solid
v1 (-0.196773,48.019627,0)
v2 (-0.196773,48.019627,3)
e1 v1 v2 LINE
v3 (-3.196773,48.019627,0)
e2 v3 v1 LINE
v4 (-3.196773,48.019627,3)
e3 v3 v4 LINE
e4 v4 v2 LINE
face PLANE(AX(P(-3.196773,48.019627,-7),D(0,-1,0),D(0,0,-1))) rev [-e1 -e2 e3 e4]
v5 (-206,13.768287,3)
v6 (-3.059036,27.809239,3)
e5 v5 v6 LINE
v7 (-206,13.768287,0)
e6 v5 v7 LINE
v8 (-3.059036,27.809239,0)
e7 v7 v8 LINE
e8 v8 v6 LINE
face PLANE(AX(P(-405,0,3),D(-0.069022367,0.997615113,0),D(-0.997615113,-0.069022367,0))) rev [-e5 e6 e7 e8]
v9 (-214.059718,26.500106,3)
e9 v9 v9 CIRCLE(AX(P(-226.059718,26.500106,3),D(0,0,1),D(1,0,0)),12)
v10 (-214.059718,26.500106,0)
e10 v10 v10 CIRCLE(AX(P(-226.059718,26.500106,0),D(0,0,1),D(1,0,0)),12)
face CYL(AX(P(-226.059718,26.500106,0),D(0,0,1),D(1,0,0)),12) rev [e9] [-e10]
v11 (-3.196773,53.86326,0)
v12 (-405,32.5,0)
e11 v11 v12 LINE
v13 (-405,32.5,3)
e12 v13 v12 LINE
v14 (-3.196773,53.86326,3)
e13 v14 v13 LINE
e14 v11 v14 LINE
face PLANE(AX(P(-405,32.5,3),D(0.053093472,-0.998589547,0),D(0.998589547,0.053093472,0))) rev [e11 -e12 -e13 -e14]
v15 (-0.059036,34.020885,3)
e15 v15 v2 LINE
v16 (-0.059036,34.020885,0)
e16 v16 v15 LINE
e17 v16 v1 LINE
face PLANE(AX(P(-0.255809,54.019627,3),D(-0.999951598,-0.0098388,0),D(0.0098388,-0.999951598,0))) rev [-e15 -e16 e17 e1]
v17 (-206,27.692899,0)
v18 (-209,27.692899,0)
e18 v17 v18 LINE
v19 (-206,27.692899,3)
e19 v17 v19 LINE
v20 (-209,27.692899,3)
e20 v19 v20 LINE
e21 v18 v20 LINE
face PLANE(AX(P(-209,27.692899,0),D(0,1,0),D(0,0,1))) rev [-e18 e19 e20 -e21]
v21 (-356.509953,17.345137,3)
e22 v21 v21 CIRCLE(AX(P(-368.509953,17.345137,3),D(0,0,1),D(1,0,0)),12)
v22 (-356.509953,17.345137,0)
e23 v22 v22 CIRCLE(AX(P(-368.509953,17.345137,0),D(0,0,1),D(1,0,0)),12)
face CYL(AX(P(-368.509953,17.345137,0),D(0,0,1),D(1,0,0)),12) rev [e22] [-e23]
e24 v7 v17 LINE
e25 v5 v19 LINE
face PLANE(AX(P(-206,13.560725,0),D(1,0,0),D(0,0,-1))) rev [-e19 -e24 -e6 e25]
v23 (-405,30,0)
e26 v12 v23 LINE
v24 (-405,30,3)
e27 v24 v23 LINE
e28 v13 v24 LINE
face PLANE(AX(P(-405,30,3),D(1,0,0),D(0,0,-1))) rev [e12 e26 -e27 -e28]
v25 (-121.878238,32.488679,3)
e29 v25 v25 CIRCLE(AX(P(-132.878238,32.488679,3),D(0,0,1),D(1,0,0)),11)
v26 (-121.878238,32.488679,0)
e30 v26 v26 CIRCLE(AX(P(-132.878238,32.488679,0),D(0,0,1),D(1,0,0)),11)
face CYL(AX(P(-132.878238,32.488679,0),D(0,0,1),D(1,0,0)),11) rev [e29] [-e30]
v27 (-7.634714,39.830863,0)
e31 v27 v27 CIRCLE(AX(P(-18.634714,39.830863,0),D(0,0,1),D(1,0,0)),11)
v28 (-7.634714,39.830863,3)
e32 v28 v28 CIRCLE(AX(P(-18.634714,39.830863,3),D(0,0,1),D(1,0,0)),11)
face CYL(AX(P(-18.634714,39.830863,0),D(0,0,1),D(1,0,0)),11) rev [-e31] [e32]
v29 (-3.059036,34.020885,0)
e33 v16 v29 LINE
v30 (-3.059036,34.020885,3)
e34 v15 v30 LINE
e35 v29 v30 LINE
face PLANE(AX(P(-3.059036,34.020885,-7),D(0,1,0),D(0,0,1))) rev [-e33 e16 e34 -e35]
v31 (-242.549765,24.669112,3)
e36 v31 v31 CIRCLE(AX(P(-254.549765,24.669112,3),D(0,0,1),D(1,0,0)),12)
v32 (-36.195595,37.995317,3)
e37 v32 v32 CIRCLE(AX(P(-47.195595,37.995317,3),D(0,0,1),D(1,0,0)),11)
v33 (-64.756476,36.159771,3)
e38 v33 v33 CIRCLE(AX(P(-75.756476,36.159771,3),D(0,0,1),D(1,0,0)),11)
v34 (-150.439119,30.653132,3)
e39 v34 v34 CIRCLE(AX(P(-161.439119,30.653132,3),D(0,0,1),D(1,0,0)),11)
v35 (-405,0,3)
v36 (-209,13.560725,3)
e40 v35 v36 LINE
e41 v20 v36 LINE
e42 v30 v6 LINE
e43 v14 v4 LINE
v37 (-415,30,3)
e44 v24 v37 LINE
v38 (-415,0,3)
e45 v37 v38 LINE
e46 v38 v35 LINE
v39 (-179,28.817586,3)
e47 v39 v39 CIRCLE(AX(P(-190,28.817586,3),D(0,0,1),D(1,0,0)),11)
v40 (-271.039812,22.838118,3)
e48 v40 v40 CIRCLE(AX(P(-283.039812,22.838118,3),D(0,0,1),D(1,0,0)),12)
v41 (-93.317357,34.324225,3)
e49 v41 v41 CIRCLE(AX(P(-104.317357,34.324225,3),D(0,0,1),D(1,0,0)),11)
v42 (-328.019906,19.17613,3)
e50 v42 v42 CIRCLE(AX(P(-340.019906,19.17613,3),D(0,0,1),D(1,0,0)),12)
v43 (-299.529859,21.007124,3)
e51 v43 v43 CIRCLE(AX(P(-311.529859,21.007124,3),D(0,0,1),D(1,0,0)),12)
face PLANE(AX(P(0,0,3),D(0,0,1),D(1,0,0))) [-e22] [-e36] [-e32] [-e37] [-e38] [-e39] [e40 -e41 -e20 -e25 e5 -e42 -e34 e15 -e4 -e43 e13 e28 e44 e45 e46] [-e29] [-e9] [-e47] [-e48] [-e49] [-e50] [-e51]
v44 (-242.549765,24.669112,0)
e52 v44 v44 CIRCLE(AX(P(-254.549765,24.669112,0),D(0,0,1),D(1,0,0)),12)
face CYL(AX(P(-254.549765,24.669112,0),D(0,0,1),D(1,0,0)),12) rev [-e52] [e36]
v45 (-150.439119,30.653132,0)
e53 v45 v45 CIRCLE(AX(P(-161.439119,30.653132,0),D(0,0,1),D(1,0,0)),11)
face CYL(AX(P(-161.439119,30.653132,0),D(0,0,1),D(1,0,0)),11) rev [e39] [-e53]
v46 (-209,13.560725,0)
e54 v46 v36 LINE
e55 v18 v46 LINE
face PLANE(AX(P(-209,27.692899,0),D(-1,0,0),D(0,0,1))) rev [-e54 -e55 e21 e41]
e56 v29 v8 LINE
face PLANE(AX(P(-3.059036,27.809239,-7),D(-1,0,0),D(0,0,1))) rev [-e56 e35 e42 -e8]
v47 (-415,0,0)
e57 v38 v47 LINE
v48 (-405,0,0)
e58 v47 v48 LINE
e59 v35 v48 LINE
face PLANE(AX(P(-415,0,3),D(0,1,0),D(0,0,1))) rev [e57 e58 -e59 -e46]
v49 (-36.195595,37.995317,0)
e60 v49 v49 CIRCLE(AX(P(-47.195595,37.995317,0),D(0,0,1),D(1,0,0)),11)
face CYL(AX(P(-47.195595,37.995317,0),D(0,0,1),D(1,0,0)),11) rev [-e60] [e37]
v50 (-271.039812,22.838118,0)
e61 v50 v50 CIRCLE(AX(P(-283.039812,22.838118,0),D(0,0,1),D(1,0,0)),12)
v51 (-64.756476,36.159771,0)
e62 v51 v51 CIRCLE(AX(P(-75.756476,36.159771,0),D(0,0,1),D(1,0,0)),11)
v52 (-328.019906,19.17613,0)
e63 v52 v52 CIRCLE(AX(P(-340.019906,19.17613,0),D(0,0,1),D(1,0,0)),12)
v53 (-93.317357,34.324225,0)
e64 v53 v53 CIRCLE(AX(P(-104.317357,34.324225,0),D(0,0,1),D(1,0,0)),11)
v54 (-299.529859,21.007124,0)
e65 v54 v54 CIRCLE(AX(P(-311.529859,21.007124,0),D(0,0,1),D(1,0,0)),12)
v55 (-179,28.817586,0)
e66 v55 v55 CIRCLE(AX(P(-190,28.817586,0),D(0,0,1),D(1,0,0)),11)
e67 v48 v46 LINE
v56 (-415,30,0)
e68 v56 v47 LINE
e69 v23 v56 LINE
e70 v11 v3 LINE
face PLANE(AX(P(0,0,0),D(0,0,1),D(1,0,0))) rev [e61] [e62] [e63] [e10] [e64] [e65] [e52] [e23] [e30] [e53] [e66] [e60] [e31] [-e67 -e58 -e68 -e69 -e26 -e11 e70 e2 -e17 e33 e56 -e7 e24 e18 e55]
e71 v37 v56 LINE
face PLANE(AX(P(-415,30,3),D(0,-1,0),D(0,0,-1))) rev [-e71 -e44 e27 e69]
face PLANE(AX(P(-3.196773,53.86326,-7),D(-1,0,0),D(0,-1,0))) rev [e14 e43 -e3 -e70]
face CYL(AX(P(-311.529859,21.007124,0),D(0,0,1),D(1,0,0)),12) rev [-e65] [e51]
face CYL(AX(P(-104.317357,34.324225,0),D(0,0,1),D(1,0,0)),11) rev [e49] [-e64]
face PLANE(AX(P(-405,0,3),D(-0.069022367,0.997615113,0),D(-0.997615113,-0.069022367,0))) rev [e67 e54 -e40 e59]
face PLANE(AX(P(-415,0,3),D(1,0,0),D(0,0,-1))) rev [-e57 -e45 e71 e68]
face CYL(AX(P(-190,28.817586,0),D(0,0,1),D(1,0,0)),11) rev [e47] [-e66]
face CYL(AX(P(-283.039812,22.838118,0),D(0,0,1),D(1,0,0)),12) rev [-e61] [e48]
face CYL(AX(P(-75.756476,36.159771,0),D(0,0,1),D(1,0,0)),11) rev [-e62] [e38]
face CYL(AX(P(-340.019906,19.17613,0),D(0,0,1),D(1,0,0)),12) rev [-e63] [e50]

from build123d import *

# Parameters (mm, degrees)
BOSS_EXTRUDE1_DEPTH     = 3
SKETCH2_R               = 12
SKETCH2_R_2             = 11
SKETCH2_W               = 3
SKETCH2_H               = 14.132174157
CUT_EXTRUDE1_DEPTH      = 1
CUT_EXTRUDE1_DEPTH_BACK = 4
CUT_EXTRUDE2_DEPTH      = 10


with BuildPart() as part:
    # Sketch1 → Boss-Extrude1 (new body)
    with BuildSketch(Plane.XY):
        Polygon((-415, 0), (-415, 30), (-405, 30), (-405, 32.5), (-0.255808808, 54.019626957), (0, 28.020885413), (-405, 0), align=None)
    extrude(amount=BOSS_EXTRUDE1_DEPTH)

    # Sketch2 → Cut-Extrude1 (cut, two sides)
    with BuildSketch(Plane.XY.offset(3)) as cut_extrude1_sk:
        with Locations((-368.509952953, 17.345136607)):
            Circle(SKETCH2_R)
        with Locations((-340.019905905, 19.176130471)):
            Circle(SKETCH2_R)
        with Locations((-311.529858858, 21.007124335)):
            Circle(SKETCH2_R)
        with Locations((-283.039811811, 22.8381182)):
            Circle(SKETCH2_R)
        with Locations((-254.549764764, 24.669112064)):
            Circle(SKETCH2_R)
        with Locations((-190, 28.817586197)):
            Circle(SKETCH2_R_2)
        with Locations((-161.439118955, 30.65313241)):
            Circle(SKETCH2_R_2)
        with Locations((-132.878237911, 32.488678622)):
            Circle(SKETCH2_R_2)
        with Locations((-104.317356866, 34.324224835)):
            Circle(SKETCH2_R_2)
        with Locations((-75.756475821, 36.159771047)):
            Circle(SKETCH2_R_2)
        with Locations((-47.195594776, 37.99531726)):
            Circle(SKETCH2_R_2)
        with Locations((-18.634713732, 39.830863473)):
            Circle(SKETCH2_R_2)
        with Locations((-226.059717716, 26.500105928)):
            Circle(SKETCH2_R)
        with Locations((-207.5, 20.626811871)):
            Rectangle(SKETCH2_W, SKETCH2_H)
    extrude(amount=CUT_EXTRUDE1_DEPTH, mode=Mode.SUBTRACT)
    extrude(cut_extrude1_sk.sketch, amount=-CUT_EXTRUDE1_DEPTH_BACK, mode=Mode.SUBTRACT)

    # Sketch3 → Cut-Extrude2 (cut)
    with BuildSketch(Plane.XY.offset(3)):
        Polygon((-0.255808808, 54.019626957), (-3.196773149, 53.8632604), (-3.196773149, 48.019626957), (-0.196773149, 48.019626957), align=None)
        Polygon((0, 28.020885413), (-3.059035659, 27.809238777), (-3.059035659, 34.020885413), (-0.059035659, 34.020885413), align=None)
    extrude(amount=-CUT_EXTRUDE2_DEPTH, mode=Mode.SUBTRACT)


solid = part.part
